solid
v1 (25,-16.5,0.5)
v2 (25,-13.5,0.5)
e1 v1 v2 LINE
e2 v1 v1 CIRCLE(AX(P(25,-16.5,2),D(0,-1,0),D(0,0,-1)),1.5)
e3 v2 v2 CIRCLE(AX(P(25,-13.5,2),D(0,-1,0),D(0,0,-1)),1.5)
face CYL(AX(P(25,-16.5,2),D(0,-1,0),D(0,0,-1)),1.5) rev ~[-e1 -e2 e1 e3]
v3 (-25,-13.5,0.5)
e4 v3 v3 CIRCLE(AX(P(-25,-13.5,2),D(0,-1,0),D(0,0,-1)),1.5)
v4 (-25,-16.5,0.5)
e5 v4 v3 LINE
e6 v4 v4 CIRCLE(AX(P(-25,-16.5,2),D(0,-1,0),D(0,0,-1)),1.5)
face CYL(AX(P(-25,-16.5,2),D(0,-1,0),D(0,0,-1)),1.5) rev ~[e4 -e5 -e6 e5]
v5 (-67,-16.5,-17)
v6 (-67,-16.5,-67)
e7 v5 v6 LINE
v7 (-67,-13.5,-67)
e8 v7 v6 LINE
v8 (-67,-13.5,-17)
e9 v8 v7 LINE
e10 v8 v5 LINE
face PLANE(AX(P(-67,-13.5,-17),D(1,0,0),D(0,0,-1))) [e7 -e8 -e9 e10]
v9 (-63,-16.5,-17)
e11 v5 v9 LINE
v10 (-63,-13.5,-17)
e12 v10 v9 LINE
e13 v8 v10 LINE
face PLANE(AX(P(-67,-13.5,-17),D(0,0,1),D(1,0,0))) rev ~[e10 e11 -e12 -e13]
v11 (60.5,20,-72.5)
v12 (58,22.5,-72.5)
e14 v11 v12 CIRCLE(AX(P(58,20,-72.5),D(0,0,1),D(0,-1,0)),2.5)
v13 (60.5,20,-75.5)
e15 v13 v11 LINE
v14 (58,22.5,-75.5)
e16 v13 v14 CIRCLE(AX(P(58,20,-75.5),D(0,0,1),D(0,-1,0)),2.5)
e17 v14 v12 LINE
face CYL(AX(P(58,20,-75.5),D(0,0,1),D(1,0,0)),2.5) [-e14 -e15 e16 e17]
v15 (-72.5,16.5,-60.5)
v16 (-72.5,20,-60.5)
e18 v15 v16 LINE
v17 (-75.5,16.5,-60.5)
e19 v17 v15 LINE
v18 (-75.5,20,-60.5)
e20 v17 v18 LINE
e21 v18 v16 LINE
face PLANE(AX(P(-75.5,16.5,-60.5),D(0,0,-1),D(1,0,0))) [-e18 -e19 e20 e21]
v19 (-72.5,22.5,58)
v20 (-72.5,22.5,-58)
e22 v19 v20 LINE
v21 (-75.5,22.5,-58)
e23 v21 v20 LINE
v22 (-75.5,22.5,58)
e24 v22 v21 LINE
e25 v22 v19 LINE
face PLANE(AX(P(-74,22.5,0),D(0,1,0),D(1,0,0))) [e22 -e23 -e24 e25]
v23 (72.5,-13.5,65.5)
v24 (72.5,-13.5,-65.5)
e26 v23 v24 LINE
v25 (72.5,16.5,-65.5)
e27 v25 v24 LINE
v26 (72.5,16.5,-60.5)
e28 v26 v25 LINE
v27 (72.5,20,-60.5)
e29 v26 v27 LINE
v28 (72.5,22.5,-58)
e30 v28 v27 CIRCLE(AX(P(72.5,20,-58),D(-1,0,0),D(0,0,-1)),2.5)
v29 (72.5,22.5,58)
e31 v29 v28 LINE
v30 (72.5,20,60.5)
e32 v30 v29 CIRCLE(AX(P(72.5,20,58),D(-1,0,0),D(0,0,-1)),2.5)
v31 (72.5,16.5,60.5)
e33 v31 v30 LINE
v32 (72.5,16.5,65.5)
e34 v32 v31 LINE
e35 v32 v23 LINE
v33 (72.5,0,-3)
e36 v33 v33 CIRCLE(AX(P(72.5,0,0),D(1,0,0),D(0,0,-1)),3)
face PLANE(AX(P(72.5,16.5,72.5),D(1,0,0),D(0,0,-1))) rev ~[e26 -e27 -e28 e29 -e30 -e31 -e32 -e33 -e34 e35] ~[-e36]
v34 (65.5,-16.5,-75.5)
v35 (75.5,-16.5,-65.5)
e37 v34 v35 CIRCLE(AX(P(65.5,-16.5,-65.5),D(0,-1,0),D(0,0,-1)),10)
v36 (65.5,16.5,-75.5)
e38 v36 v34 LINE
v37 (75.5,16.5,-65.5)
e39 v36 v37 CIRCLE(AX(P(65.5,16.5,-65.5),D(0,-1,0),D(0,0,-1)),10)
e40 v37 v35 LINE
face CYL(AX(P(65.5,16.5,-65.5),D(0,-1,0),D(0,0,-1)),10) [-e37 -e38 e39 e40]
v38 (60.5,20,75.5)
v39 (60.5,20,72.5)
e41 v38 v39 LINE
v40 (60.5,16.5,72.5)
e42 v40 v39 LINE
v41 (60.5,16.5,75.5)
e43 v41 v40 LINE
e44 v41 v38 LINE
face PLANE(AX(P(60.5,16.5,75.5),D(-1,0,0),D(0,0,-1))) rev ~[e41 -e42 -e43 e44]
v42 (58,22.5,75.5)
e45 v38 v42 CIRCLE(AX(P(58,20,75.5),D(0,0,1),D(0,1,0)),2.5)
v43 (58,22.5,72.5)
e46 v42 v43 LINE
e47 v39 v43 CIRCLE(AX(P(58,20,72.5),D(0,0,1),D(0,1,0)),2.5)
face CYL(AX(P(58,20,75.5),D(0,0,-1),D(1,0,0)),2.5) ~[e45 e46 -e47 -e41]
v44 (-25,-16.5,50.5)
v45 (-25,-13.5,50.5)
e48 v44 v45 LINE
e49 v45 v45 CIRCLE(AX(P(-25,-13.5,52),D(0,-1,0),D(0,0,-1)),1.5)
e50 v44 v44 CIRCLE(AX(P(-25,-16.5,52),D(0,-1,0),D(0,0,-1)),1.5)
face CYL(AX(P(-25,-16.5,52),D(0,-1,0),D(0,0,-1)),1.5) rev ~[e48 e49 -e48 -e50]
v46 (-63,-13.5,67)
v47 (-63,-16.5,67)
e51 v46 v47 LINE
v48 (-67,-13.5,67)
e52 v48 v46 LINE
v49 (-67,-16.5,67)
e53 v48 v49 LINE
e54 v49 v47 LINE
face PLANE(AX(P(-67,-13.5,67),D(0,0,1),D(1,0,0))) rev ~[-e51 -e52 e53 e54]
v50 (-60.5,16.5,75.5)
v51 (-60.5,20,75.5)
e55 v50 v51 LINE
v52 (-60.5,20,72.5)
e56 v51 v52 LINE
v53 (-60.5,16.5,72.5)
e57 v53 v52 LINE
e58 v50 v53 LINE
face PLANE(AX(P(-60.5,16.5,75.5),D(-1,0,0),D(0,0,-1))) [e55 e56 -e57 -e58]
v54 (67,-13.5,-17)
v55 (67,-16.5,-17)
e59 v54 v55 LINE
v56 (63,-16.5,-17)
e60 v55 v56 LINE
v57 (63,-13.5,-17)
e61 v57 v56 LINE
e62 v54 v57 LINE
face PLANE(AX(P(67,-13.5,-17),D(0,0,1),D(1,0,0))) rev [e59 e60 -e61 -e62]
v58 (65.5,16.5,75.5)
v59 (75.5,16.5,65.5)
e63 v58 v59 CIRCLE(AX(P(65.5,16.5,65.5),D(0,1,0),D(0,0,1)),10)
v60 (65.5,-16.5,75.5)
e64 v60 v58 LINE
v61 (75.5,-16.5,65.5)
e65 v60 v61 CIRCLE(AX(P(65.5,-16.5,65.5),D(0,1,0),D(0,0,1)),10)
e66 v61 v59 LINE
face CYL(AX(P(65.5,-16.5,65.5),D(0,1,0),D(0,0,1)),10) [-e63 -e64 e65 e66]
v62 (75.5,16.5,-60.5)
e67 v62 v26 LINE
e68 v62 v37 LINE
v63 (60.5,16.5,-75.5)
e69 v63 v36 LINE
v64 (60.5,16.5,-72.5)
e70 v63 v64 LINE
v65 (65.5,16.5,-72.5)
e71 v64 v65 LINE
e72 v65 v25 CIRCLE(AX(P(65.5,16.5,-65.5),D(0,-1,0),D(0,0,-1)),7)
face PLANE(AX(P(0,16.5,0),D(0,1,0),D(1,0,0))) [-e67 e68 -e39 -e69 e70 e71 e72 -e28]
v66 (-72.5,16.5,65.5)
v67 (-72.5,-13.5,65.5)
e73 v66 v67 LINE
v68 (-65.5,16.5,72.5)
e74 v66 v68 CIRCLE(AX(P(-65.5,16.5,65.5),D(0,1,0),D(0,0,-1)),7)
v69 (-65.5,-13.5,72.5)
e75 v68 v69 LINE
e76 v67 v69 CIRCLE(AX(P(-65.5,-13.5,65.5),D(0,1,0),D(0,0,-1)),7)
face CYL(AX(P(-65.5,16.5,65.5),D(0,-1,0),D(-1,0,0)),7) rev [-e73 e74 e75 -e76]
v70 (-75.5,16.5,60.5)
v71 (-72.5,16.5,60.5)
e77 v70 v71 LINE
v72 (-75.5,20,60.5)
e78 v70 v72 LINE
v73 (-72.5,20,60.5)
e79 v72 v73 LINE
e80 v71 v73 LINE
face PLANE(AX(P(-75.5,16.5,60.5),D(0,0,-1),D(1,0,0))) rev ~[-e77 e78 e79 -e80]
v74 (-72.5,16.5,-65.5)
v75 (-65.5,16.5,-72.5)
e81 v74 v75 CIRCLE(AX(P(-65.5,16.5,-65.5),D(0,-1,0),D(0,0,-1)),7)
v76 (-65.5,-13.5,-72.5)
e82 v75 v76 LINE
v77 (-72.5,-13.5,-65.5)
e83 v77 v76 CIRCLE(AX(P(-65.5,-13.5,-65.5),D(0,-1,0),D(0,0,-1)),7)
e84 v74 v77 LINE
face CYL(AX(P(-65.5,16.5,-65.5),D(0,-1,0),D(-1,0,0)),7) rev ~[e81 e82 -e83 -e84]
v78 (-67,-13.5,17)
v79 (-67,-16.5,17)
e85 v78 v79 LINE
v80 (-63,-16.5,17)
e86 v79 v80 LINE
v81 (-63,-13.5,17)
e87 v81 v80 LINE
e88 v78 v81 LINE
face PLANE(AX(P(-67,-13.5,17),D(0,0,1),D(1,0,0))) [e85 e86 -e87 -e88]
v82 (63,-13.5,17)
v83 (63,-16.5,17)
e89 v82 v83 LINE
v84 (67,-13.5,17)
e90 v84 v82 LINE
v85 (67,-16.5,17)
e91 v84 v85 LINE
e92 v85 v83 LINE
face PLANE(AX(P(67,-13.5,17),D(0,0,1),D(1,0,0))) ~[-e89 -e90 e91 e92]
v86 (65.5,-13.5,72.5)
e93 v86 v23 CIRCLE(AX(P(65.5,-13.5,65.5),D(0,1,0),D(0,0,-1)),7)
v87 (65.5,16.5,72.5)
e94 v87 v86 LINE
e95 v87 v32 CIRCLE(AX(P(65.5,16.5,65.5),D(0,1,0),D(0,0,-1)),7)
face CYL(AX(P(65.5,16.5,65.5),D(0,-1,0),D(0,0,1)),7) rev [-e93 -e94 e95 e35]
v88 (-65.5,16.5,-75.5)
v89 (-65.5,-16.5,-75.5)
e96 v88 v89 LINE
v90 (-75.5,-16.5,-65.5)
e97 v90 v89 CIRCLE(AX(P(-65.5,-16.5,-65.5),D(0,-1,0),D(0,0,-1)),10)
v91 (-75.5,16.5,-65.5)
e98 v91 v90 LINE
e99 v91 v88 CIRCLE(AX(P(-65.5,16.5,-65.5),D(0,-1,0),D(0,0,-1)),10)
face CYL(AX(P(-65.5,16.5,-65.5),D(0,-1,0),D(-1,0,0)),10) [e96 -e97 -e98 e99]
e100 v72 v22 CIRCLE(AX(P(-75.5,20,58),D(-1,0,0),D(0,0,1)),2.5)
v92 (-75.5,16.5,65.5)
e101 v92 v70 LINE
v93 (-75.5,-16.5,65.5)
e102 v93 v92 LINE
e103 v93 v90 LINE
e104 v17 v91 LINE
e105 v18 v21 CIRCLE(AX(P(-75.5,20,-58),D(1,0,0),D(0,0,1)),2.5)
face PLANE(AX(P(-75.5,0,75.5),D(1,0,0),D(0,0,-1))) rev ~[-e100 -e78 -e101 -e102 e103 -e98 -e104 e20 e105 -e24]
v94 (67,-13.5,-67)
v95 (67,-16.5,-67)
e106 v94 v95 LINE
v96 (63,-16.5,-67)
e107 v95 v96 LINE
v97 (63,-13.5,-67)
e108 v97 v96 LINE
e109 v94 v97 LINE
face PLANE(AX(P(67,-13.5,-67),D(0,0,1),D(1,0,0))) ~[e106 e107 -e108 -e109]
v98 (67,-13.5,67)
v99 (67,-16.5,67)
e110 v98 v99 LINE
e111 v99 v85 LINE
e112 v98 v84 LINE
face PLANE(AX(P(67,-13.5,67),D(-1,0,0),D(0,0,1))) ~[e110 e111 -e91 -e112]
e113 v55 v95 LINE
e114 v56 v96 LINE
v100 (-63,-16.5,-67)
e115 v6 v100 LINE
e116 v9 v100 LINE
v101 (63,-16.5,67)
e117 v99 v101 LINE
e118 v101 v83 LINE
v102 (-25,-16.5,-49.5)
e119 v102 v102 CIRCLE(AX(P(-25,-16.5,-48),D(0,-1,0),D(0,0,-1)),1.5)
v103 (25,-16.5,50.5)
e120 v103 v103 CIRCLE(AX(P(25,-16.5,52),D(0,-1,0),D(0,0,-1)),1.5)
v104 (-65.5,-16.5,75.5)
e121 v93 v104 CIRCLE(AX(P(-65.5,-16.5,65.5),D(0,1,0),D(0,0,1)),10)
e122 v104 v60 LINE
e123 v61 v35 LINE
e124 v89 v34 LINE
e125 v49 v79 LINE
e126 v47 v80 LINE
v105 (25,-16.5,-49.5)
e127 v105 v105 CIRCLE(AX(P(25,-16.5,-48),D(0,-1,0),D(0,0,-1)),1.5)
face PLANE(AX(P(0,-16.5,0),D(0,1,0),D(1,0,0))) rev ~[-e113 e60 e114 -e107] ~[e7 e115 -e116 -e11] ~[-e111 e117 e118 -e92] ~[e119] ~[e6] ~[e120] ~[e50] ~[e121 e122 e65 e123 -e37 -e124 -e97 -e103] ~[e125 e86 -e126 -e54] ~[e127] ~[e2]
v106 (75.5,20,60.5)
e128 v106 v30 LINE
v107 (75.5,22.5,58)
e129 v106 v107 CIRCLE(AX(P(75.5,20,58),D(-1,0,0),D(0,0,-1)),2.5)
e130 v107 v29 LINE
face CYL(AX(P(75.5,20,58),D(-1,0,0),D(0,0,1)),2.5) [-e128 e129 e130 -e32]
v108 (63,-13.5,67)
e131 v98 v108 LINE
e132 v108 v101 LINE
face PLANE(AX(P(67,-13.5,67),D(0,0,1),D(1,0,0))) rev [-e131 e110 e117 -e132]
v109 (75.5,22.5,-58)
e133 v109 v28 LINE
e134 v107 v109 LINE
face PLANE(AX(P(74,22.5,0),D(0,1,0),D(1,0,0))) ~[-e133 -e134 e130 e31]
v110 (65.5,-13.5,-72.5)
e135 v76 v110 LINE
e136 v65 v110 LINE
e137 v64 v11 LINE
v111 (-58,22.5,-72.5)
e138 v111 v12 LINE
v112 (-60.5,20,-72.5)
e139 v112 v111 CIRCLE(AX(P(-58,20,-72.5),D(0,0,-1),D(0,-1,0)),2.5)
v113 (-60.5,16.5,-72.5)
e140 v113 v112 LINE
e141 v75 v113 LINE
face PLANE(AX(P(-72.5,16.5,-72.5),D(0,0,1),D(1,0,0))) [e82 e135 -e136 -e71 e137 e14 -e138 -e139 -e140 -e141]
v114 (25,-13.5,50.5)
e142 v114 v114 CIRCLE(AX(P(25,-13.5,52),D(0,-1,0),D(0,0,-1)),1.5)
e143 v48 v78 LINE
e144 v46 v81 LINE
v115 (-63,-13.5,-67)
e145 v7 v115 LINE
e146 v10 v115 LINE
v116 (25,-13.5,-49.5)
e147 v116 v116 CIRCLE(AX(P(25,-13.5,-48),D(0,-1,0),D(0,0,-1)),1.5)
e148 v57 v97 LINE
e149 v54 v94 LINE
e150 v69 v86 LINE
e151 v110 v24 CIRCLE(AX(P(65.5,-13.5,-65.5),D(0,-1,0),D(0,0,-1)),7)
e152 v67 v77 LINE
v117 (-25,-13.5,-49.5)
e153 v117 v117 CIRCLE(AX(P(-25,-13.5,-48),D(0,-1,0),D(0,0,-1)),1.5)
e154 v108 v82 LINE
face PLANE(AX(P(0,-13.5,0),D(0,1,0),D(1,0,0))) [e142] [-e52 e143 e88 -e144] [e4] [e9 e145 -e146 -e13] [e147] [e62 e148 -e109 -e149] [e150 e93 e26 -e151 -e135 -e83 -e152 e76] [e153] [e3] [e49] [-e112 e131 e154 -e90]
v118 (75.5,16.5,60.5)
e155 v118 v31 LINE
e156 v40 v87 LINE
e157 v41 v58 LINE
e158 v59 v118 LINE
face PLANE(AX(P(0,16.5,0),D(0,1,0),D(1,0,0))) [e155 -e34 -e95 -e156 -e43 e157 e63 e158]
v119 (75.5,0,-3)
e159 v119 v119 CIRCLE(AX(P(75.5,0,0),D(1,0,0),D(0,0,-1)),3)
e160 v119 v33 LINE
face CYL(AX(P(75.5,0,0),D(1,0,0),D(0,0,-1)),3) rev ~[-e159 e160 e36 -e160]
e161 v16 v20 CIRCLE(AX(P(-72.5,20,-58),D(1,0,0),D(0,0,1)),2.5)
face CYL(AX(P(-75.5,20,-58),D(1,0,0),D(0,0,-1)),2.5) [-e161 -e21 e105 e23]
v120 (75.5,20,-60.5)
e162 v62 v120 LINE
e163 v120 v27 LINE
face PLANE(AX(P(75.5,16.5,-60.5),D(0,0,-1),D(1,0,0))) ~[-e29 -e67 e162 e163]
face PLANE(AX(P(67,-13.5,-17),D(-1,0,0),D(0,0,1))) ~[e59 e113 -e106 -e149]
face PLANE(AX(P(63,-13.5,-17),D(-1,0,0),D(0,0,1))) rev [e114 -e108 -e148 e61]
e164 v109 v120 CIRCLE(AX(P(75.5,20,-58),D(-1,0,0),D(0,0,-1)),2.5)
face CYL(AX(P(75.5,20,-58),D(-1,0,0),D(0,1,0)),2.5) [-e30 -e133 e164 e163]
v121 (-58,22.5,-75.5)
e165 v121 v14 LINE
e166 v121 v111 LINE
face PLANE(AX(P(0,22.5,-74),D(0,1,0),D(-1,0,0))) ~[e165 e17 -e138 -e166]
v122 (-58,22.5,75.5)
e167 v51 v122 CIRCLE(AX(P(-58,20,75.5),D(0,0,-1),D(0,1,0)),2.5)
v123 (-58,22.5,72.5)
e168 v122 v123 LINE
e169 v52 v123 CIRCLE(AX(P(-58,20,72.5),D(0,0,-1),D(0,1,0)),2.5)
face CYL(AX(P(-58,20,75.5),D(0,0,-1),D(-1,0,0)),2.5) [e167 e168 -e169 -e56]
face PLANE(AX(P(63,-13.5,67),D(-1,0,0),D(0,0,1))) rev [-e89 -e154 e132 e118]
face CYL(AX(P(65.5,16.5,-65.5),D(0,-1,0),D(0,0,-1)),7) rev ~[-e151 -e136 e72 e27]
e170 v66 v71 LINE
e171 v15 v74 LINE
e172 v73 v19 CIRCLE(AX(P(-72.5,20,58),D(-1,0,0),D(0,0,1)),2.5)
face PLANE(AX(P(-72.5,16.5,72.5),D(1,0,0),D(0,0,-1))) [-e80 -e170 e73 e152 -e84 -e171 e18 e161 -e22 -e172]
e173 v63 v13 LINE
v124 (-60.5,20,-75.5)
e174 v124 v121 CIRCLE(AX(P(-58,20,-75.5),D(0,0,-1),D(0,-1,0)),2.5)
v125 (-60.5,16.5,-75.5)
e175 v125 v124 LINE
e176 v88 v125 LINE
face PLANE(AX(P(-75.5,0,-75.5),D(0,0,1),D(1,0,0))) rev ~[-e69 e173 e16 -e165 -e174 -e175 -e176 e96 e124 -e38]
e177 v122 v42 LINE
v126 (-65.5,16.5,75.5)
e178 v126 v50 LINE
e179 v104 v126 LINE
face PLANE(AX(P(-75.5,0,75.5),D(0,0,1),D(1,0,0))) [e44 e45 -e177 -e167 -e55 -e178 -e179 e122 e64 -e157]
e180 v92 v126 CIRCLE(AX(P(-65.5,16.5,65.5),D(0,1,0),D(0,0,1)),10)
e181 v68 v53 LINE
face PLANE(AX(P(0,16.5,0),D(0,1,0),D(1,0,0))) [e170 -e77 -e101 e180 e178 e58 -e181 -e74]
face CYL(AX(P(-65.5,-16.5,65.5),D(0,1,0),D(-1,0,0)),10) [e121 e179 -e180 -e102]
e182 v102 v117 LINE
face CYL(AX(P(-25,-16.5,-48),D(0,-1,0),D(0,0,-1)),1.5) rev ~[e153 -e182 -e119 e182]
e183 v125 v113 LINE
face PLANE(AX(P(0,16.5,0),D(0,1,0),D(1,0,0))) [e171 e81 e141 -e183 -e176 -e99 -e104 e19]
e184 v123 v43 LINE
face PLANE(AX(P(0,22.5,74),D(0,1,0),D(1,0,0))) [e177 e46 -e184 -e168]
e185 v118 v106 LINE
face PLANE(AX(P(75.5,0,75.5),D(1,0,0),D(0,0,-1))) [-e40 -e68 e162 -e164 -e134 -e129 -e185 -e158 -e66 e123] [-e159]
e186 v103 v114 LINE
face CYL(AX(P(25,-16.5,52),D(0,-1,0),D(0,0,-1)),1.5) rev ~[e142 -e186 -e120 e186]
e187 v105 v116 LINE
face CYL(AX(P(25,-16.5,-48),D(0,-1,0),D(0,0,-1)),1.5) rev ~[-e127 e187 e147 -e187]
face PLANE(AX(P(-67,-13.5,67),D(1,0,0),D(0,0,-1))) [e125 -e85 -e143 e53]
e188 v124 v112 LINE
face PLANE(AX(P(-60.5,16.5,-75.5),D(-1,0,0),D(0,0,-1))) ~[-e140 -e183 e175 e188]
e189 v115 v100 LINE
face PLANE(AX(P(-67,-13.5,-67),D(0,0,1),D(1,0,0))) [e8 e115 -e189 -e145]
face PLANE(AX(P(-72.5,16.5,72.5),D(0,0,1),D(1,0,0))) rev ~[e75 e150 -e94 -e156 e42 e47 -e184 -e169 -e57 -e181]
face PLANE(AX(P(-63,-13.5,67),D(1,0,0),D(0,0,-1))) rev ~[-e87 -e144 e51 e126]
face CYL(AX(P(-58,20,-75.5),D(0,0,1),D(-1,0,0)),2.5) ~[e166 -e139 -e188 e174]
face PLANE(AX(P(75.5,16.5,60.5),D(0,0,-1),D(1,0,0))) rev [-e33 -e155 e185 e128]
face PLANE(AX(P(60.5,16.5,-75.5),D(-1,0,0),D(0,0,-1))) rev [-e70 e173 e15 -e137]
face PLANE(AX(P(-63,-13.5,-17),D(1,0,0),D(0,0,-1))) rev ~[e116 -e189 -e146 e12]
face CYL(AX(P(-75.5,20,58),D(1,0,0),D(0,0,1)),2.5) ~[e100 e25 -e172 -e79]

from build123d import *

# Parameters (mm, degrees)
SKETCH1_W           = 151
SKETCH1_H           = 151
BOSS_EXTRUDE1_DEPTH = 16.5
SKETCH2_W           = 145
SKETCH2_H           = 145
CUT_EXTRUDE1_DEPTH  = 30
SKETCH3_W           = 4
SKETCH3_H           = 50
CUT_EXTRUDE2_DEPTH  = 111.907619215
SKETCH6_W           = 121
SKETCH6_H           = 3
BOSS_EXTRUDE2_DEPTH = 6
SKETCH7_W           = 3
SKETCH7_H           = 121
BOSS_EXTRUDE3_DEPTH = 6
CUT_EXTRUDE3_REACH  = 172.316
SKETCH8_R           = 3
FILLET1_R           = 10
FILLET2_R           = 7
FILLET3_R           = 2.5
SKETCH12_R          = 1.5
CUT_EXTRUDE4_DEPTH  = 114.672775984


with BuildPart() as part:
    # Sketch1 → Boss-Extrude1 (new, symmetric)
    with BuildSketch(Plane(origin=(0, 0, 0), x_dir=(1, 0, 0), z_dir=(0, 1, 0))):
        Rectangle(SKETCH1_W, SKETCH1_H)
    extrude(amount=BOSS_EXTRUDE1_DEPTH, both=True)

    # Sketch2 → Cut-Extrude1 (cut)
    with BuildSketch(Plane(origin=(0, 16.5, 0), x_dir=(1, 0, 0), z_dir=(0, 1, 0))):
        Rectangle(SKETCH2_W, SKETCH2_H)
    extrude(amount=-CUT_EXTRUDE1_DEPTH, mode=Mode.SUBTRACT)

    # Sketch3 → Cut-Extrude2 (cut, through all)
    with BuildSketch(Plane(origin=(0, -13.5, 0), x_dir=(1, 0, 0), z_dir=(0, 1, 0))):
        with Locations((-65, -42)):
            Rectangle(SKETCH3_W, SKETCH3_H)
        with Locations((-65, 42)):
            Rectangle(SKETCH3_W, SKETCH3_H)
    cut_extrude2 = extrude(amount=-CUT_EXTRUDE2_DEPTH, mode=Mode.SUBTRACT)

    # Mirror1: Cut-Extrude2 across plane
    add(cut_extrude2.mirror(Plane(origin=(0, 0, 0), x_dir=(0, 0, 1), z_dir=(1, 0, 0))), mode=Mode.SUBTRACT)

    # Sketch6 → Boss-Extrude2 (add)
    with BuildSketch(Plane(origin=(0, 16.5, 0), x_dir=(1, 0, 0), z_dir=(0, 1, 0))):
        with Locations((0, -74)):
            Rectangle(SKETCH6_W, SKETCH6_H)
    boss_extrude2 = extrude(amount=BOSS_EXTRUDE2_DEPTH)

    # Mirror2: Boss-Extrude2 across plane
    add(boss_extrude2.mirror(Plane.XY))

    # Sketch7 → Boss-Extrude3 (add)
    with BuildSketch(Plane(origin=(0, 16.5, 0), x_dir=(1, 0, 0), z_dir=(0, 1, 0))):
        with Locations((-74, 0)):
            Rectangle(SKETCH7_W, SKETCH7_H)
    boss_extrude3 = extrude(amount=BOSS_EXTRUDE3_DEPTH)

    # Mirror4: Boss-Extrude3 across plane
    add(boss_extrude3.mirror(Plane(origin=(0, 0, 0), x_dir=(0, 0, 1), z_dir=(1, 0, 0))))

    # Sketch8 → Cut-Extrude3 (cut, up to next)
    with BuildSketch(Plane(origin=(75.5, 0, 0), x_dir=(0, 0, -1), z_dir=(1, 0, 0)), mode=Mode.PRIVATE) as cut_extrude3_sk1:
        Circle(SKETCH8_R)
    cut_extrude3_tool1 = extrude(cut_extrude3_sk1.sketch, amount=-CUT_EXTRUDE3_REACH, mode=Mode.PRIVATE) & part.part
    add(cut_extrude3_tool1.solids().sort_by_distance((75.5, 0, 0))[0], mode=Mode.SUBTRACT)

    # Fillet1
    fillet1_edges = [part.edges().sort_by_distance(p)[0] for p in [
        (75.5, 0, 75.5),
        (-75.5, 0, 75.5),
        (-75.5, 0, -75.5),
        (75.5, 0, -75.5),
    ]]
    fillet(fillet1_edges, radius=FILLET1_R)

    # Fillet2
    fillet2_edges = [part.edges().sort_by_distance(p)[0] for p in [
        (72.5, 1.5, -72.5),
        (72.5, 1.5, 72.5),
        (-72.5, 1.5, 72.5),
        (-72.5, 1.5, -72.5),
    ]]
    fillet(fillet2_edges, radius=FILLET2_R)

    # Fillet3
    fillet3_edges = [part.edges().sort_by_distance(p)[0] for p in [
        (-60.5, 22.5, -74),
        (60.5, 22.5, -74),
        (-74, 22.5, -60.5),
        (-74, 22.5, 60.5),
        (74, 22.5, 60.5),
        (74, 22.5, -60.5),
        (-60.5, 22.5, 74),
        (60.5, 22.5, 74),
    ]]
    fillet(fillet3_edges, radius=FILLET3_R)

    # Sketch12 → Cut-Extrude4 (cut, through all)
    with BuildSketch(Plane.XZ.offset(16.5)):
        with Locations(Location((-25, 52, 0), (0, 0, 270))):
            Circle(SKETCH12_R)
        with Locations(Location((-25, 2, 0), (0, 0, 270))):
            Circle(SKETCH12_R)
        with Locations(Location((25, 52, 0), (0, 0, 270))):
            Circle(SKETCH12_R)
        with Locations(Location((25, 2, 0), (0, 0, 270))):
            Circle(SKETCH12_R)
        with Locations(Location((-25, -48, 0), (0, 0, 270))):
            Circle(SKETCH12_R)
        with Locations(Location((25, -48, 0), (0, 0, 270))):
            Circle(SKETCH12_R)
    extrude(amount=-CUT_EXTRUDE4_DEPTH, mode=Mode.SUBTRACT)


solid = part.part
